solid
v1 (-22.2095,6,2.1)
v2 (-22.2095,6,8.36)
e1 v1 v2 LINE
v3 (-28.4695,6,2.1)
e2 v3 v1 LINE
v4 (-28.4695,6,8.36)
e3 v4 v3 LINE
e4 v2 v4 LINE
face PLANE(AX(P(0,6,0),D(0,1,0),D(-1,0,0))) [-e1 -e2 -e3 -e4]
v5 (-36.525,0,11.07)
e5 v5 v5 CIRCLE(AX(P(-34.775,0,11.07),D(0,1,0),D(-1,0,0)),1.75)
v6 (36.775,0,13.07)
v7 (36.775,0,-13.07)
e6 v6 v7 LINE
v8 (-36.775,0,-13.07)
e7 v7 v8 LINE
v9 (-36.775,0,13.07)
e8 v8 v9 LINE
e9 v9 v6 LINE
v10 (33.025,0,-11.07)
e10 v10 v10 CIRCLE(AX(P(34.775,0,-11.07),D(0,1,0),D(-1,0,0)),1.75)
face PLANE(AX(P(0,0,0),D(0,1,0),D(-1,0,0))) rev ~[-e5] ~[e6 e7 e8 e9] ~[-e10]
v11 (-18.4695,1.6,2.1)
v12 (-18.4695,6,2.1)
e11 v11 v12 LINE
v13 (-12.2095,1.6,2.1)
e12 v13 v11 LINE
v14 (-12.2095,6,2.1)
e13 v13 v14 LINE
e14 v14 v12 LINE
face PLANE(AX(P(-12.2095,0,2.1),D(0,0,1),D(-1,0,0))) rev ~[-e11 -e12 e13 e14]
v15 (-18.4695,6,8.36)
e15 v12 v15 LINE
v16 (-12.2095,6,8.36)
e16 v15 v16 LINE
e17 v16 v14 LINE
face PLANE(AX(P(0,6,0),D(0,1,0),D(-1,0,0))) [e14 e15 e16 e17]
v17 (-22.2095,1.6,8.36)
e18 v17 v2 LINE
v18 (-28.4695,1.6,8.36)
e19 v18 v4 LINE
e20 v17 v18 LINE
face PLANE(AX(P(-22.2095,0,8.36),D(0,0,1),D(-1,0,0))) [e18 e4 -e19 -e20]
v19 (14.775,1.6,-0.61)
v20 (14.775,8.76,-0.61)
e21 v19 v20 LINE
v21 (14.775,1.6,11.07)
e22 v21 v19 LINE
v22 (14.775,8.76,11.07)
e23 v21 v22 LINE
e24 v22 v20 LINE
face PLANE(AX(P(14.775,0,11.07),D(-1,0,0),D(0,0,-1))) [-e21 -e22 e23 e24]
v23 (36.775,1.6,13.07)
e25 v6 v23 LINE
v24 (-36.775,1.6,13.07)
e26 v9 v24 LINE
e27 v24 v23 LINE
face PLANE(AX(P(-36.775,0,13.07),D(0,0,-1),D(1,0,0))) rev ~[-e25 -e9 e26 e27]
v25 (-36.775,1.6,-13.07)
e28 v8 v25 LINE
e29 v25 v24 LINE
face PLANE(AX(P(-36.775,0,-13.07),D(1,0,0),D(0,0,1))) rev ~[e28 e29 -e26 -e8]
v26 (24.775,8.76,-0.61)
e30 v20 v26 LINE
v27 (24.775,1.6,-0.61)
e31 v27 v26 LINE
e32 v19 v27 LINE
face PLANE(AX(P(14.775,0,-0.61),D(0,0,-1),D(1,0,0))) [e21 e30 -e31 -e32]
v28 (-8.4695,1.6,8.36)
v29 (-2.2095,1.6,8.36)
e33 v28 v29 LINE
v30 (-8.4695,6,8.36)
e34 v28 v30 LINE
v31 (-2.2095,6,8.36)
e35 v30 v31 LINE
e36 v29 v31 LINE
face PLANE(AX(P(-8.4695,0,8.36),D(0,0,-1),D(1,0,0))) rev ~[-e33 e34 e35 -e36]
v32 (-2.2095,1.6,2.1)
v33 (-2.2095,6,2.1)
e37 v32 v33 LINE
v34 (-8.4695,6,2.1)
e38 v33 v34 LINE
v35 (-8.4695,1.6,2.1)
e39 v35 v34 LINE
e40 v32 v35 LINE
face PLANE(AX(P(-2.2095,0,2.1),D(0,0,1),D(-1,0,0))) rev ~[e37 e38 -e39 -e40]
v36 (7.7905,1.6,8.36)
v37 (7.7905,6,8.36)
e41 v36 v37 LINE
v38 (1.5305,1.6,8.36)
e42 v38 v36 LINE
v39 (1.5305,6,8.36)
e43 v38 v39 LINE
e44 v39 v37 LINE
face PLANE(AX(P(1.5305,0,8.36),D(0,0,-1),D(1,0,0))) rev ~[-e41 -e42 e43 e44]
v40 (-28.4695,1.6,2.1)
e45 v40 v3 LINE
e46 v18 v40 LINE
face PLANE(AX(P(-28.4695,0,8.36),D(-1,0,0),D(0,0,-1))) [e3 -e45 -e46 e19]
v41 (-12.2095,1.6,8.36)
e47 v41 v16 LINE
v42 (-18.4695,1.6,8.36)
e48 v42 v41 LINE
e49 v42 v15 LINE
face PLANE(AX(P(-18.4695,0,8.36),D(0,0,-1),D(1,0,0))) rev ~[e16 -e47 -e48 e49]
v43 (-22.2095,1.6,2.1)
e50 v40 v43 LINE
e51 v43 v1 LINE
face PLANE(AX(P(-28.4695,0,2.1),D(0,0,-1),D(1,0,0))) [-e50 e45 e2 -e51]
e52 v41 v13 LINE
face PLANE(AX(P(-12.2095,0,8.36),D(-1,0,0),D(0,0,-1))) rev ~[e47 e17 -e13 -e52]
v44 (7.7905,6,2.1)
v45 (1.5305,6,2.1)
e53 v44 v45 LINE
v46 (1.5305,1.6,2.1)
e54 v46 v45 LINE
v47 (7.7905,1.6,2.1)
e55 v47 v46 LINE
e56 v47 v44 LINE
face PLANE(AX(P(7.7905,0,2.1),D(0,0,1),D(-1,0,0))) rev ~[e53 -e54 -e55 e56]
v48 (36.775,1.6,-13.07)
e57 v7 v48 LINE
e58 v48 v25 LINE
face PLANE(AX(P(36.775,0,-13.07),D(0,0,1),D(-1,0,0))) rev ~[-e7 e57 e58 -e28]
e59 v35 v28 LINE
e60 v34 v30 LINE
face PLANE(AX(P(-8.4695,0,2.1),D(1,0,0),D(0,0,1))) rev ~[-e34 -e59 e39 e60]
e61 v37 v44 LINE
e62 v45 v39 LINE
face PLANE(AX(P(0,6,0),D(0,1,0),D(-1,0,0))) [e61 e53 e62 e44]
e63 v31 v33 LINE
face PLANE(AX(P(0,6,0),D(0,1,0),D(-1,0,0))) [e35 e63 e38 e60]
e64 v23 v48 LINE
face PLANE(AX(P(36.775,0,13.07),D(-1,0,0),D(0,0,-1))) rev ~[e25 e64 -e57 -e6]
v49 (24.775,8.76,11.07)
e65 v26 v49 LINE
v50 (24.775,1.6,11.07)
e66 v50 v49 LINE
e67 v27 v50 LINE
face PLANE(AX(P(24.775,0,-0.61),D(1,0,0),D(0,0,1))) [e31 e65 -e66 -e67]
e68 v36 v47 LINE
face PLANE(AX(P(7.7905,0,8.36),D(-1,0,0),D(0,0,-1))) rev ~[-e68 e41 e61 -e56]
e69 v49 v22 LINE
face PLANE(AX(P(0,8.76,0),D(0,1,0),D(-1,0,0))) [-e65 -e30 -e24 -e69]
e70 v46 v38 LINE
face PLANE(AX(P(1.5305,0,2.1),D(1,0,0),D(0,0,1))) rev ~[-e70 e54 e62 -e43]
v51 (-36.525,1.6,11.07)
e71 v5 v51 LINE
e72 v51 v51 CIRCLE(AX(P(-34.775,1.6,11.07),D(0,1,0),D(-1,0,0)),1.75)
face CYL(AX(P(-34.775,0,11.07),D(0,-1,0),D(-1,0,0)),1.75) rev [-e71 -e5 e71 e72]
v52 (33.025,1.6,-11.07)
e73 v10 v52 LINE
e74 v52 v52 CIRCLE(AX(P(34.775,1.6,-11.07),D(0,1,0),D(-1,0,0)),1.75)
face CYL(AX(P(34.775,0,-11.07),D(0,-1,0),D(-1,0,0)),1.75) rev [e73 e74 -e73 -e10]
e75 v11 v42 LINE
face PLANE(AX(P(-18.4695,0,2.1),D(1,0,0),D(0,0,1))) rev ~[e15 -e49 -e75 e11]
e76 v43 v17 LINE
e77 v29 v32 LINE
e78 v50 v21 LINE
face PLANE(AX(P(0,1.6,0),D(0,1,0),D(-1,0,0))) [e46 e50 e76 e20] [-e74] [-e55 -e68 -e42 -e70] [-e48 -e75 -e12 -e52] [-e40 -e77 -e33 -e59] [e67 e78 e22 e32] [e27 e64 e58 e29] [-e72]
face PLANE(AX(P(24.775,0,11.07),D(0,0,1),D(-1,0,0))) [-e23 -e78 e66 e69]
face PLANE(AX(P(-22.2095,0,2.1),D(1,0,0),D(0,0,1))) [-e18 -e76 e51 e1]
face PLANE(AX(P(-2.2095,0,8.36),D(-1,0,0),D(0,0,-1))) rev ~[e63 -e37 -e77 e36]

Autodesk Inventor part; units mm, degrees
ref_plane "YZ Plane" through (0, 0, 0) normal (1, 0, 0) x (0, 1, 0)
ref_plane "XZ Plane" through (0, 0, 0) normal (0, 1, 0) x (-1, 0, 0)
ref_plane "XY Plane" through (0, 0, 0) normal (0, 0, 1) x (1, 0, 0)
sketch "Sketch1" plane through (0, 0, 0) normal (0, 1, 0) x (-1, 0, 0)
  line L0 (36.775, 13.07) -> (-36.775, 13.07)
  line L1 (-36.775, 13.07) -> (-36.775, -13.07)
  line L2 (-36.775, -13.07) -> (36.775, -13.07)
  line L3 (36.775, -13.07) -> (36.775, 13.07)
  line L4 (36.775, 13.07) -> (-36.775, -13.07) construction
  line L5 (-36.775, 13.07) -> (36.775, -13.07) construction
  circle A0 centre (-34.775, -11.07) radius 1.75
  circle A1 centre (34.775, 11.07) radius 1.75
  line L6 (-14.775, -0.61) -> (-24.775, -0.61)
  line L7 (-24.775, -0.61) -> (-24.775, 11.07)
  line L8 (-24.775, 11.07) -> (-14.775, 11.07)
  line L9 (-14.775, 11.07) -> (-14.775, -0.61)
  line L10 (-14.775, -0.61) -> (-24.775, 11.07) construction
  line L11 (-24.775, -0.61) -> (-14.775, 11.07) construction
  line L12 (28.4695, 2.1) -> (22.2095, 2.1)
  line L13 (22.2095, 2.1) -> (22.2095, 8.36)
  line L14 (22.2095, 8.36) -> (28.4695, 8.36)
  line L15 (28.4695, 8.36) -> (28.4695, 2.1)
  line L16 (28.4695, 2.1) -> (22.2095, 8.36) construction
  line L17 (22.2095, 2.1) -> (28.4695, 8.36) construction
  line L18 (18.4695, 8.36) -> (12.2095, 8.36)
  line L19 (12.2095, 8.36) -> (12.2095, 2.1)
  line L20 (12.2095, 2.1) -> (18.4695, 2.1)
  line L21 (18.4695, 2.1) -> (18.4695, 8.36)
  line L22 (18.4695, 8.36) -> (12.2095, 2.1) construction
  line L23 (12.2095, 8.36) -> (18.4695, 2.1) construction
  line L24 (8.4695, 8.36) -> (2.2095, 8.36)
  line L25 (2.2095, 8.36) -> (2.2095, 2.1)
  line L26 (2.2095, 2.1) -> (8.4695, 2.1)
  line L27 (8.4695, 2.1) -> (8.4695, 8.36)
  line L28 (8.4695, 8.36) -> (2.2095, 2.1) construction
  line L29 (2.2095, 8.36) -> (8.4695, 2.1) construction
  line L30 (-1.5305, 8.36) -> (-7.7905, 8.36)
  line L31 (-7.7905, 8.36) -> (-7.7905, 2.1)
  line L32 (-7.7905, 2.1) -> (-1.5305, 2.1)
  line L33 (-1.5305, 2.1) -> (-1.5305, 8.36)
  line L34 (-1.5305, 8.36) -> (-7.7905, 2.1) construction
  line L35 (-7.7905, 8.36) -> (-1.5305, 2.1) construction
  point P0 (0, 0)
  point P1 (-19.775, 5.23)
  point P2 (25.3395, 5.23)
  point P3 (15.3395, 5.23)
  point P4 (5.3395, 5.23)
  point P5 (-4.6605, 5.23)
  dimension "d0" = 73.55
  dimension "d1" = 26.14
  dimension "d2" = 3.5
  dimension "d3" = 2
  dimension "d4" = 2
  dimension "d5" = 3.5
  dimension "d6" = 2
  dimension "d7" = 2
  dimension "d8" = 10
  dimension "d9" = 11.68
  dimension "d10" = 12
  dimension "d11" = 2
  dimension "d12" = 6.26
  dimension "d13" = 6.26
  dimension "d14" = 6.26
  dimension "d15" = 6.26
  dimension "d16" = 10
  dimension "d17" = 6.26
  dimension "d18" = 6.26
  dimension "d19" = 10
  dimension "d20" = 6.26
  dimension "d21" = 6.26
  dimension "d22" = 10
  dimension "d23" = 6.9845
extrude "Extrusion1" add sketch "Sketch1" along normal blind 1.6
extrude "Extrusion2" add sketch "Sketch1" along normal blind 8.76 contours L6 L7 L8 L9
extrude "Extrusion3" add sketch "Sketch1" along normal blind 6 contours L12 L13 L14 L15 | L21 L20 L19 L18 | L27 L26 L25 L24 | L33 L32 L31 L30
sketch "Sketch2" plane through (0, 1.6, 0) normal (0, 1, 0) x (1, 0, 0)
  line L0 (-31.8499, 8.687) -> (29.6525, 8.687) construction
  line L1 (29.6525, 8.687) -> (29.6525, 4.9573) construction
  line L2 (29.6525, 4.9573) -> (-31.8499, 4.9573) construction
  line L3 (-31.8499, 4.9573) -> (-31.8499, 8.687) construction
  point P0 (0, 0)
properties part number "mode"
